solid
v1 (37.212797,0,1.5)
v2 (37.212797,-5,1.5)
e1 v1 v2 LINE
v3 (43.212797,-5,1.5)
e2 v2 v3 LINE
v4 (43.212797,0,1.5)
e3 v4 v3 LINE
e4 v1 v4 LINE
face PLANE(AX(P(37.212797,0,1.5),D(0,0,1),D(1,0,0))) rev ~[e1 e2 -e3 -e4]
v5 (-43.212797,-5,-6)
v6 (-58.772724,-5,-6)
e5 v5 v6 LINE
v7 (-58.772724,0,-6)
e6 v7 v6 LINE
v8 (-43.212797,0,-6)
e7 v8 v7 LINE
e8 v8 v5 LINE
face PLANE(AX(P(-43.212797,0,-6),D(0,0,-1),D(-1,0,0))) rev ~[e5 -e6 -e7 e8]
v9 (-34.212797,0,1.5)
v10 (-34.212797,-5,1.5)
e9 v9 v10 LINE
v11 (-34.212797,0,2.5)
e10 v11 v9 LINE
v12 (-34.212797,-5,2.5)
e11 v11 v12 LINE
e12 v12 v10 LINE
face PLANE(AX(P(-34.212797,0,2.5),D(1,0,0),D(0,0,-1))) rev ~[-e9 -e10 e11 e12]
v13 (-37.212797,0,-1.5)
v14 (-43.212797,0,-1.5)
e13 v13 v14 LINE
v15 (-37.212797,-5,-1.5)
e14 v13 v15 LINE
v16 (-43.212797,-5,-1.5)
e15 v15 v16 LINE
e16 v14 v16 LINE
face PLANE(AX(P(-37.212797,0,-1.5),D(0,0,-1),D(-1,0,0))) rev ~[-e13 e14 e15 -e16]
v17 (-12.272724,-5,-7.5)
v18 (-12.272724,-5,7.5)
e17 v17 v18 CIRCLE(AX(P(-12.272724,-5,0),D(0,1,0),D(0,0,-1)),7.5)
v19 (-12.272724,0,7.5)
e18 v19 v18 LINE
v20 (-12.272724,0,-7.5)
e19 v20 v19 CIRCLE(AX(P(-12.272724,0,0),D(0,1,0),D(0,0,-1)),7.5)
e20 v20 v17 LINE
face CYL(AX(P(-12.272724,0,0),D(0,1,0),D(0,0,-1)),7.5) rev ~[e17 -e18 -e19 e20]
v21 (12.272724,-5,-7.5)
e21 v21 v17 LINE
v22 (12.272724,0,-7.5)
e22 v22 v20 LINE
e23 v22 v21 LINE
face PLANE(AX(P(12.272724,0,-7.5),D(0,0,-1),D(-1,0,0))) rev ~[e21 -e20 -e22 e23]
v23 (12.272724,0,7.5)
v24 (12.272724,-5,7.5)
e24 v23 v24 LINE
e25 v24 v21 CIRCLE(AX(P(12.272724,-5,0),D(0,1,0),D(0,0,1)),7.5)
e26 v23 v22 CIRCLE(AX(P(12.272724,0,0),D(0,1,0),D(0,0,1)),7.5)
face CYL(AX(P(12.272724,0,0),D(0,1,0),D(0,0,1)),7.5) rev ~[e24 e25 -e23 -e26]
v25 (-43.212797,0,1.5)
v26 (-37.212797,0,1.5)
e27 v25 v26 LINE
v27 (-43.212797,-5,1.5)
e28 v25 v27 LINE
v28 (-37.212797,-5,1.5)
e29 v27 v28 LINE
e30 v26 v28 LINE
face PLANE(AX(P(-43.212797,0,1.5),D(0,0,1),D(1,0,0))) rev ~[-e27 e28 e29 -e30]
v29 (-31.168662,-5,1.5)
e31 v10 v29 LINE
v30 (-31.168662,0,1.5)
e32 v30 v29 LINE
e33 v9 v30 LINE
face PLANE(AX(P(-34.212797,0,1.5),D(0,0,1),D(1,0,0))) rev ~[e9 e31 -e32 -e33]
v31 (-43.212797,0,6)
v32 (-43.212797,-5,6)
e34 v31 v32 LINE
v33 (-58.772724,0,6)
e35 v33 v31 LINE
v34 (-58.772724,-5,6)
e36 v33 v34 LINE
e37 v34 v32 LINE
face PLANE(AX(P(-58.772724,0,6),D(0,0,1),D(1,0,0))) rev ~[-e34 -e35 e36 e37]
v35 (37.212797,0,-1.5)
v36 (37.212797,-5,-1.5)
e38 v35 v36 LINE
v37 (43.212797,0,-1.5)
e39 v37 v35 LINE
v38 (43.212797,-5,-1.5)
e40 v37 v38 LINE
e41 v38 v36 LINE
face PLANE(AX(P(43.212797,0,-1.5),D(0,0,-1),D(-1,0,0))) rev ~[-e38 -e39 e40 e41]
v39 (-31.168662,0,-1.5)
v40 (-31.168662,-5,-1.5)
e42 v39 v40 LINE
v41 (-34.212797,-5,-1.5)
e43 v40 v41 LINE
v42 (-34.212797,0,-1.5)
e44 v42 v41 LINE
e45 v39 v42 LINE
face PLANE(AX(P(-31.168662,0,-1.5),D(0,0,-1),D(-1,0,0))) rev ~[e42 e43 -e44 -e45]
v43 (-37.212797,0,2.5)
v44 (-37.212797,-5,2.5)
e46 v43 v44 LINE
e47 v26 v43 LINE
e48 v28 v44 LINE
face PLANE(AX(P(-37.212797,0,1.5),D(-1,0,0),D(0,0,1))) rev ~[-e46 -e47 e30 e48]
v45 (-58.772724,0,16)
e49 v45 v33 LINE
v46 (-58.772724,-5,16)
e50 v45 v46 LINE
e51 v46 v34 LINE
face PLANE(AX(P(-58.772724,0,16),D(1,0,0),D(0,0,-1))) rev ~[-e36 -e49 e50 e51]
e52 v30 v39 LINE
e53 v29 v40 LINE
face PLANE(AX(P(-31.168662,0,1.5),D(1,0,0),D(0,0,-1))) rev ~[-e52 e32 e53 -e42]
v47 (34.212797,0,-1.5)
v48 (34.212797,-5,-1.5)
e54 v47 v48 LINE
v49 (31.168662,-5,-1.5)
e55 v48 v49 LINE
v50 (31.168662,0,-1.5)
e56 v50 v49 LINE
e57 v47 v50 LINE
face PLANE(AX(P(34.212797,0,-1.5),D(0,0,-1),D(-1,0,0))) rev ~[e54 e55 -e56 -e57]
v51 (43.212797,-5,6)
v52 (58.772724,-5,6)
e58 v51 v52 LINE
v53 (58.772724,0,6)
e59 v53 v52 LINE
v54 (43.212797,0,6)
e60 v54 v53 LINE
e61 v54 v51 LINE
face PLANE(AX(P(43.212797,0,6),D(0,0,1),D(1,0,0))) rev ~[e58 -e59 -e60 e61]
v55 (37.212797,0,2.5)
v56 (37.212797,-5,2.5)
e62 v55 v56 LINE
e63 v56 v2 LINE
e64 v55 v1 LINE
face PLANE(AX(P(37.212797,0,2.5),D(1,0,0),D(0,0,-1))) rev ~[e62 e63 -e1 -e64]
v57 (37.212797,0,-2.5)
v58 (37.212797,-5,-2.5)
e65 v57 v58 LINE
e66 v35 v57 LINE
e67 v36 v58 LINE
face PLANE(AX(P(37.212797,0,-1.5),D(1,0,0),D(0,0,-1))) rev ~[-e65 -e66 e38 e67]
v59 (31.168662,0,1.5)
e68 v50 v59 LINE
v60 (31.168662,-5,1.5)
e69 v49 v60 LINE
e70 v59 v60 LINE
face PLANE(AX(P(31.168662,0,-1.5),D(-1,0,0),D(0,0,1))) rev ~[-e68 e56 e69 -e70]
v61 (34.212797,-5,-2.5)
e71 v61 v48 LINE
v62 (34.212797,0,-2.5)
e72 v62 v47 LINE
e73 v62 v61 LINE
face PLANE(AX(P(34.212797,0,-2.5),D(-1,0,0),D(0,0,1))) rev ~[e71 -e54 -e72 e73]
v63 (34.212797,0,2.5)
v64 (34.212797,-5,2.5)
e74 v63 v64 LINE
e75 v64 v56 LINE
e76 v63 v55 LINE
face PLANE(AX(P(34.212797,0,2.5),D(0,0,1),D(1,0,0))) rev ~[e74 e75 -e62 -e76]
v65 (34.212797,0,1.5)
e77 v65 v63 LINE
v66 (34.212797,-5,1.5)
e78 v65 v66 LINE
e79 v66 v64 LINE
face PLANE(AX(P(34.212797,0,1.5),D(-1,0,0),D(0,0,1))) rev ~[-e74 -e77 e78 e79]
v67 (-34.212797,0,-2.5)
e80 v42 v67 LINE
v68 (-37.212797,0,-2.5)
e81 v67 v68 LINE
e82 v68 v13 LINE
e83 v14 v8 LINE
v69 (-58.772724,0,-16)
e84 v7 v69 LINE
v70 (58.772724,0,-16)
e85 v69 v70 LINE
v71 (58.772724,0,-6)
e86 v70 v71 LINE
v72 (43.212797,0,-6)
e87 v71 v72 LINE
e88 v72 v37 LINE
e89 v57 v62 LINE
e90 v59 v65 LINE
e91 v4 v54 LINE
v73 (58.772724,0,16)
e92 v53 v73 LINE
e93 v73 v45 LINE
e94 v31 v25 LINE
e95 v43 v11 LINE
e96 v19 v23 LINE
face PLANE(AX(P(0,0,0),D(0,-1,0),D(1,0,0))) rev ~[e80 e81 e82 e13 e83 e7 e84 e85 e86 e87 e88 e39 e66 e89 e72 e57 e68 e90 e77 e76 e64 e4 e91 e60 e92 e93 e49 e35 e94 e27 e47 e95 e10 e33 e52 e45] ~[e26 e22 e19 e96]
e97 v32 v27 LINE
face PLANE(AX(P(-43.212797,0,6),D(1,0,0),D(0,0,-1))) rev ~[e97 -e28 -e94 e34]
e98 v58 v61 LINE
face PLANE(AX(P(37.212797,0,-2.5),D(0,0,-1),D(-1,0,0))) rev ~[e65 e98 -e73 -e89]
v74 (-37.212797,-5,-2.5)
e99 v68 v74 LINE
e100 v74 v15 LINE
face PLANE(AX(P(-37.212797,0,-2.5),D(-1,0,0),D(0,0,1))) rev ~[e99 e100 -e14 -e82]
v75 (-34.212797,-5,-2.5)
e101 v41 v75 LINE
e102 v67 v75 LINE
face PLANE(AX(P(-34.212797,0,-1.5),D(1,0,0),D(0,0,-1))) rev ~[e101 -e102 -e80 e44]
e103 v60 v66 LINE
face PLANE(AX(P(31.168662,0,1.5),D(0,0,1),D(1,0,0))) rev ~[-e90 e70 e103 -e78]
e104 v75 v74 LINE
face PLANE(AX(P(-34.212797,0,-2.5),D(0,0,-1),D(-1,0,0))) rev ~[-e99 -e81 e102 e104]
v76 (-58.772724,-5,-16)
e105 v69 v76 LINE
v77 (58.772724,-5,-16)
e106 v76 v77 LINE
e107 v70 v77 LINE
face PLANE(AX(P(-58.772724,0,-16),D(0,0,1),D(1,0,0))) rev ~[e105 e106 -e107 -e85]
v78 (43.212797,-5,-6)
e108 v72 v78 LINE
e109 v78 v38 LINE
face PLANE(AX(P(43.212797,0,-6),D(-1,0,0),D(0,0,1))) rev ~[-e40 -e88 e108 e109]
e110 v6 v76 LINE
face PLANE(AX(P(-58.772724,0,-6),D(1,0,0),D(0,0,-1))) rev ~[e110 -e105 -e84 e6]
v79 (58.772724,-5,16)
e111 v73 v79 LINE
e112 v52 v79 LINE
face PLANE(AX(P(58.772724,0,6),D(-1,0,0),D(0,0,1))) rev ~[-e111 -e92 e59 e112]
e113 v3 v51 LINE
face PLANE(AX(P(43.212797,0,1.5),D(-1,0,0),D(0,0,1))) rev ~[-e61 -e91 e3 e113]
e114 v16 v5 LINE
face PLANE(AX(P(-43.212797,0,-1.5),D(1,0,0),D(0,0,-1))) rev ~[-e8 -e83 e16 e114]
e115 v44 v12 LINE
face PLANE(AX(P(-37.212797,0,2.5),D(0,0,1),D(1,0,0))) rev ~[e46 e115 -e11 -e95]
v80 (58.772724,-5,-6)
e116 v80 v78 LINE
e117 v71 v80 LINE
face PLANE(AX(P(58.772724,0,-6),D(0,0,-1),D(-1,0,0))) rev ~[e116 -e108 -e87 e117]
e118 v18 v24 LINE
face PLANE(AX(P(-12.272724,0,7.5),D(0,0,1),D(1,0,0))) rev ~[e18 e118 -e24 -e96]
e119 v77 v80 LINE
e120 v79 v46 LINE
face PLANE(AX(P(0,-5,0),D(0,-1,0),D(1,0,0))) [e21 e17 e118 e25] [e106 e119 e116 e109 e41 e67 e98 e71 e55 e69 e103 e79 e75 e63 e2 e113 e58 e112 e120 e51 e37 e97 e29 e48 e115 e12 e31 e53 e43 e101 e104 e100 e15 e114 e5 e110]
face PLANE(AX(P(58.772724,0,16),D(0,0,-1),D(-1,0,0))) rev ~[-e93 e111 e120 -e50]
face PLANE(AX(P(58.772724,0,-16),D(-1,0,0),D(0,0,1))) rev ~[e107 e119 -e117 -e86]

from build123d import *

# Parameters (mm, degrees)
F1_DEPTH = 5


with BuildPart() as f1:
    # F0 (on Front) → F1 (new body)
    with BuildSketch(Plane.XZ):
        Polygon((-58.772724, -16), (0, -16), (58.772724, -16), (58.772724, -6), (43.212797, -6), (43.212797, -1.5), (37.212797, -1.5), (37.212797, -2.5), (34.212797, -2.5), (34.212797, -1.5), (31.168662, -1.5), (31.168662, 0), (31.168662, 1.5), (34.212797, 1.5), (34.212797, 2.5), (37.212797, 2.5), (37.212797, 1.5), (43.212797, 1.5), (43.212797, 6), (58.772724, 6), (58.772724, 16), (0, 16), (-58.772724, 16), (-58.772724, 6), (-43.212797, 6), (-43.212797, 1.5), (-37.212797, 1.5), (-37.212797, 2.5), (-34.212797, 2.5), (-34.212797, 1.5), (-31.168662, 1.5), (-31.168662, 0), (-31.168662, -1.5), (-34.212797, -1.5), (-34.212797, -2.5), (-37.212797, -2.5), (-37.212797, -1.5), (-43.212797, -1.5), (-43.212797, -6), (-58.772724, -6), align=None)
        with BuildLine():
            ThreePointArc((12.272724, 7.5), (19.772724, 0), (12.272724, -7.5))
            Line((12.272724, -7.5), (0, -7.5))
            Line((0, -7.5), (-12.272724, -7.5))
            ThreePointArc((-12.272724, -7.5), (-19.772724, 0), (-12.272724, 7.5))
            Line((-12.272724, 7.5), (0, 7.5))
            Line((0, 7.5), (12.272724, 7.5))
        make_face(mode=Mode.SUBTRACT)
    extrude(amount=F1_DEPTH)


solid = f1.part
